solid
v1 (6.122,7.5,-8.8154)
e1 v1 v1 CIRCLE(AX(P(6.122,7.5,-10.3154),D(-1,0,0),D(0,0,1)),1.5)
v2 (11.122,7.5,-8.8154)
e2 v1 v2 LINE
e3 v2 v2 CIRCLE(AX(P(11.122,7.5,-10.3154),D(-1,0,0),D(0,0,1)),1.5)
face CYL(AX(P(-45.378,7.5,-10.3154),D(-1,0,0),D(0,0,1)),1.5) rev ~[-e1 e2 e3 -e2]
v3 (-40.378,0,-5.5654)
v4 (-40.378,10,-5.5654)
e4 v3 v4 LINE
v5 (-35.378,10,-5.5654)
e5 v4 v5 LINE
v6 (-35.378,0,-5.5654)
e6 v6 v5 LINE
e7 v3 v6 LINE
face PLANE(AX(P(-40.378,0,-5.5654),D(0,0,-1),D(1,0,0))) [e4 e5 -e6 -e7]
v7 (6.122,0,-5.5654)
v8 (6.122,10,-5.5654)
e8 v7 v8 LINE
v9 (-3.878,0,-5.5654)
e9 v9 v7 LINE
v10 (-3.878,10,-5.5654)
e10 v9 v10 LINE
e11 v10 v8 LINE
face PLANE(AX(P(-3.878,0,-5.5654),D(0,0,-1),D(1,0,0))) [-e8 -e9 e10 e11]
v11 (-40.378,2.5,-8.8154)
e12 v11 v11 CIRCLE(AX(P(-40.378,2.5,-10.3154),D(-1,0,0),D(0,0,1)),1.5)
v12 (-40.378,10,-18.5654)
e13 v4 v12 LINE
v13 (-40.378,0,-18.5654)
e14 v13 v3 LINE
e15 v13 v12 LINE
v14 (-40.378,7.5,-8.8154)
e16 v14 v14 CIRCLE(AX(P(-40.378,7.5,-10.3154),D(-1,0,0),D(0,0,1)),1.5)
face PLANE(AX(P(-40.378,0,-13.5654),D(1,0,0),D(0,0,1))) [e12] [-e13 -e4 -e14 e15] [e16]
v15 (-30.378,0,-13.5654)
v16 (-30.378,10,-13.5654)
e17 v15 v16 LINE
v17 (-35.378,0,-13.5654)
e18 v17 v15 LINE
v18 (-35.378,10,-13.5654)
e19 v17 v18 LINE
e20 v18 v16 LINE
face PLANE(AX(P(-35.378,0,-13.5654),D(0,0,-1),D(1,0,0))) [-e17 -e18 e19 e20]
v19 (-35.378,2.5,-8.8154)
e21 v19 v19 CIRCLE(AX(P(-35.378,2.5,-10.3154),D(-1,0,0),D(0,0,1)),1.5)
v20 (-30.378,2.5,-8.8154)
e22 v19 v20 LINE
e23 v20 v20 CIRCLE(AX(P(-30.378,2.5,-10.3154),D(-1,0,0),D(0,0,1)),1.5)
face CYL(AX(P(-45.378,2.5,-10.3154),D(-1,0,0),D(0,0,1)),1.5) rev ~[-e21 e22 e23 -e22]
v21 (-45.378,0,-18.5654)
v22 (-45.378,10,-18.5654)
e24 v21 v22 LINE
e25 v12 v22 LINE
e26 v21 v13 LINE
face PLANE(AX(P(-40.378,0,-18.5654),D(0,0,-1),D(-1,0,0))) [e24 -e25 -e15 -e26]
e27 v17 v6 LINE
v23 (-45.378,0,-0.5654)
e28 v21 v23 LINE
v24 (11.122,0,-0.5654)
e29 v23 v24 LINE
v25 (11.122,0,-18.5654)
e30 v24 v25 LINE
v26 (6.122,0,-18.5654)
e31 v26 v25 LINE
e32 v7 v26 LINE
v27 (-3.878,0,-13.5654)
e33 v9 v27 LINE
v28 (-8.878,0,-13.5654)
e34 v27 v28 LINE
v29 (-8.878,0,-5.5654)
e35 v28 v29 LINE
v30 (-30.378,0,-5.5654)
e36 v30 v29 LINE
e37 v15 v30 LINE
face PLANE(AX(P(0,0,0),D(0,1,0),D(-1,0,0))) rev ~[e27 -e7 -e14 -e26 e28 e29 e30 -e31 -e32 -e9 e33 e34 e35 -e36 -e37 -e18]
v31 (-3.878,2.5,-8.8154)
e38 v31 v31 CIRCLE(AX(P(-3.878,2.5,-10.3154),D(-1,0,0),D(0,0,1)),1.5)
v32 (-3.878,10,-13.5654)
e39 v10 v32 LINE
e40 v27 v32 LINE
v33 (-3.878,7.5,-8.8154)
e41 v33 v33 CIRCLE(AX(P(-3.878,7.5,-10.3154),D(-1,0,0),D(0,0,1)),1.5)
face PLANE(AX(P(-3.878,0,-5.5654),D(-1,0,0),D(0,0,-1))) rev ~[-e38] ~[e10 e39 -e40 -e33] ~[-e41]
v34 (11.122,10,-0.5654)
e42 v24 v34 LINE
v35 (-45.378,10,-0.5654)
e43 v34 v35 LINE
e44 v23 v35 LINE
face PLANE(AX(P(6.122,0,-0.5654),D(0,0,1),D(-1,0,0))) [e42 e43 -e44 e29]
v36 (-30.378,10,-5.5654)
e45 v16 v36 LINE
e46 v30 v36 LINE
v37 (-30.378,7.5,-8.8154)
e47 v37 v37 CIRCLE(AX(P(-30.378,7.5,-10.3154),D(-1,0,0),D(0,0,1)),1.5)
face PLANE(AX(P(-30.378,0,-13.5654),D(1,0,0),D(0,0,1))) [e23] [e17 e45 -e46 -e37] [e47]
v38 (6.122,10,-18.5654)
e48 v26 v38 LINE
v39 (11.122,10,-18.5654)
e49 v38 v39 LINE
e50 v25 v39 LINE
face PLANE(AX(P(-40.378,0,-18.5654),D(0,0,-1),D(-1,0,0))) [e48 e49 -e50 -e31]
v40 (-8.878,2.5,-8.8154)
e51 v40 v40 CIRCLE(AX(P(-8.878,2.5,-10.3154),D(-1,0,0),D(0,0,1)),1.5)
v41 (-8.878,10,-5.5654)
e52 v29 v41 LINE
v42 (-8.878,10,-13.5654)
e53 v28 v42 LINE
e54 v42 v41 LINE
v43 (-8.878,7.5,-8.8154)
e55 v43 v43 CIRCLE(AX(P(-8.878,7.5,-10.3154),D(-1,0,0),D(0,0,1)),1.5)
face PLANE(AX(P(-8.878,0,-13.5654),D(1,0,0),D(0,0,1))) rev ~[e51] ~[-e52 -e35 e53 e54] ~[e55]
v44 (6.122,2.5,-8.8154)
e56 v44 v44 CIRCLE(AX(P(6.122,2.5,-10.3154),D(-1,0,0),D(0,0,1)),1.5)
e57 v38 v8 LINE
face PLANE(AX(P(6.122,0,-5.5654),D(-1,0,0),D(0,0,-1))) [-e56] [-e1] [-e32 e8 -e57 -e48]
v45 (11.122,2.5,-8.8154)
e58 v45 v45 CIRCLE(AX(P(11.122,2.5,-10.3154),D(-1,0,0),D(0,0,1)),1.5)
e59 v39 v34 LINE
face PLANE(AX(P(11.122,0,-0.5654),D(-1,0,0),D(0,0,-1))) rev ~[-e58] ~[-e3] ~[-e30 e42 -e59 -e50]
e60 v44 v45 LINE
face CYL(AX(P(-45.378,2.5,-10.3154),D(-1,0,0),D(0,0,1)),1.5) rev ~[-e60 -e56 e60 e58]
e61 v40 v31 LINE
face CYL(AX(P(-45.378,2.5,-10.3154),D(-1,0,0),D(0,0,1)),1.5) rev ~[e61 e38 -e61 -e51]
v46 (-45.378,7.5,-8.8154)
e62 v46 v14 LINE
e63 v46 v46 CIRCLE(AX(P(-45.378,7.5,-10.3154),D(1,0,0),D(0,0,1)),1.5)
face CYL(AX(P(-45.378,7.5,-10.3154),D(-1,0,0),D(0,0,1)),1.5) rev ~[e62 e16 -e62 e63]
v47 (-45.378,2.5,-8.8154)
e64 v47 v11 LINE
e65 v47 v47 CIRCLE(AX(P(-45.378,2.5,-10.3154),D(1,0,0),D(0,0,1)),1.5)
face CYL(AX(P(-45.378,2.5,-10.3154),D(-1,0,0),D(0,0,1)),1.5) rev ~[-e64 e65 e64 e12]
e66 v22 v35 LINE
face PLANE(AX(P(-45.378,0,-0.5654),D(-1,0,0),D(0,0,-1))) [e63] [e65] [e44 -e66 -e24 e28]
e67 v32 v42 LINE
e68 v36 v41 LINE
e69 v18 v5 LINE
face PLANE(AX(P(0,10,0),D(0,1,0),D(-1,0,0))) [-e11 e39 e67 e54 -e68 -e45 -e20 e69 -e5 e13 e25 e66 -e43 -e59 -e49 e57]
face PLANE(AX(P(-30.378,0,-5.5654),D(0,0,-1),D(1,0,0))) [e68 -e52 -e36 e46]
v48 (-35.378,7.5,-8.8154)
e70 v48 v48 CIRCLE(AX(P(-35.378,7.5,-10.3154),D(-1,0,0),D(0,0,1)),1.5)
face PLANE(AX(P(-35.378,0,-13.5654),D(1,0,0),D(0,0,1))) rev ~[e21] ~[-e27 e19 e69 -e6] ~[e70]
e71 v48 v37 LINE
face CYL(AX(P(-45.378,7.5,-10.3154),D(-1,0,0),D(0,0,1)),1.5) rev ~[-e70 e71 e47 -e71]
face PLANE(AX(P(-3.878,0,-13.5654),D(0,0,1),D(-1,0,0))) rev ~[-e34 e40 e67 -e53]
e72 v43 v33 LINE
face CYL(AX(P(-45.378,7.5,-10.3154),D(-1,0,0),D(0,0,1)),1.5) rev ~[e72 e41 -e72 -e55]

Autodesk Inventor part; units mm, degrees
ref_plane "YZ Plane" through (0, 0, 0) normal (1, 0, 0) x (0, 1, 0)
ref_plane "XZ Plane" through (0, 0, 0) normal (0, 1, 0) x (-1, 0, 0)
ref_plane "XY Plane" through (0, 0, 0) normal (0, 0, 1) x (1, 0, 0)
sketch "Sketch1" plane through (0, 0, 0) normal (0, 1, 0) x (-1, 0, 0)
  line L0 (-6.122, -0.5654) -> (40.378, -0.5654)
  line L1 (40.378, -0.5654) -> (40.378, -5.5654)
  line L2 (40.378, -5.5654) -> (-6.122, -5.5654)
  line L3 (-6.122, -5.5654) -> (-6.122, -0.5654)
  line L4 (40.378, -0.5654) -> (45.378, -0.5654)
  line L5 (45.378, -0.5654) -> (45.378, -5.5654)
  line L6 (45.378, -5.5654) -> (40.378, -5.5654)
  line L7 (45.378, -5.5654) -> (45.378, -13.5654)
  line L8 (45.378, -13.5654) -> (40.378, -13.5654)
  line L9 (40.378, -13.5654) -> (40.378, -5.5654)
  line L10 (35.378, -13.5654) -> (35.378, -5.5654)
  line L11 (35.378, -13.5654) -> (30.378, -13.5654)
  line L12 (30.378, -13.5654) -> (30.378, -5.5654)
  line L13 (-6.122, -0.5654) -> (-11.122, -0.5654)
  line L14 (-11.122, -0.5654) -> (-11.122, -5.5654)
  line L15 (-11.122, -5.5654) -> (-6.122, -5.5654)
  line L16 (-11.122, -5.5654) -> (-11.122, -13.5654)
  line L17 (-11.122, -13.5654) -> (-6.122, -13.5654)
  line L18 (-6.122, -5.5654) -> (3.878, -5.5654)
  line L19 (3.878, -5.5654) -> (3.878, -13.5654)
  line L20 (3.878, -13.5654) -> (8.878, -13.5654)
  line L21 (8.878, -13.5654) -> (8.878, -5.5654)
  line L22 (-6.122, -5.5654) -> (-6.122, -13.5654)
  point P0 (0, 0)
  dimension "d0" = 46.5
  dimension "d1" = 5
  dimension "d2" = 5
  dimension "d3" = 8
  dimension "d4" = 5
  dimension "d5" = 5
  dimension "d6" = 5
  dimension "d7" = 8
  dimension "d8" = 10
  dimension "d9" = 5
extrude "Extrusion1" add sketch "Sketch1" along normal blind 10
sketch "Sketch2" plane through (-45.378, 0, -13.5654) normal (-1, 0, 0) x (0, 0, 1)
  line L0 (0, 10) -> (13, 10) projected
  line L1 (13, 10) -> (0, 10)
  line L2 (0, 10) -> (6.5, 10)
  line L3 (0, 0) -> (8, 0) projected
  line L4 (6.5, 0) -> (6.5, 10)
  line L5 (6.5, 5) -> (0, 5)
  line L6 (0, 5) -> (3.25, 5)
  line L7 (3.25, 0) -> (3.25, 5)
  line L8 (3.25, 10) -> (3.25, 5)
  circle A0 centre (3.25, 7.5) radius 1.5
  circle A1 centre (3.25, 2.5) radius 1.5
  point P0 (13.5654, 0)
  dimension "d12" = 3
  dimension "d13" = 3
extrude "Extrusion2" cut sketch "Sketch2" against normal blind 60 contours A0 L8 | L8 A0 | A1 L7 | L7 A1
thread "Thread1" size "M3x0.5" class "6H" standard "ANSI Metric M Profile" full length
thread "Thread2" size "M3x0.5" class "6H" standard "ANSI Metric M Profile" full length
thread "Thread3" size "M3x0.5" class "6H" standard "ANSI Metric M Profile" full length
thread "Thread4" size "M3x0.5" class "6H" standard "ANSI Metric M Profile" full length
thread "Thread5" size "M3x0.5" class "6H" standard "ANSI Metric M Profile" full length
thread "Thread6" size "M3x0.5" class "6H" standard "ANSI Metric M Profile" full length
thread "Thread7" size "M3x0.5" class "6H" standard "ANSI Metric M Profile" full length
thread "Thread8" size "M3x0.5" class "6H" standard "ANSI Metric M Profile" full length
sketch "Sketch3" plane through (-40.378, 0, -13.5654) normal (0, 0, -1) x (-1, 0, 0)
  line L0 (5, 10) -> (-51.5, 10) projected
  line L1 (5, 0) -> (5, 10) projected
  line L2 (0.1606, 10) -> (5, 10)
  line L3 (5, 10) -> (5, 0)
  line L4 (5, 0) -> (0.1606, 0)
  line L5 (0.1606, 0) -> (0.1606, 10)
  line L6 (-10, 0) -> (-10, 10) projected
  line L7 (-5, 0) -> (-5, 10) projected
  line L8 (-10, 10) -> (-5, 10)
  line L9 (-5, 10) -> (-5, 0)
  line L10 (-5, 0) -> (-10, 0)
  line L11 (-10, 0) -> (-10, 10)
  line L12 (-36.5, 0) -> (-36.5, 10) projected
  line L13 (-31.5, 0) -> (-31.5, 10) projected
  line L14 (-36.5, 10) -> (-31.5, 10)
  line L15 (-31.5, 10) -> (-31.5, 0)
  line L16 (-31.5, 0) -> (-36.5, 0)
  line L17 (-36.5, 0) -> (-36.5, 10)
  line L18 (-46.5, 0) -> (-46.5, 10) projected
  line L19 (-51.5, 0) -> (-51.5, 10) projected
  line L20 (-46.5, 0) -> (-51.5, 0)
  line L21 (-51.5, 0) -> (-51.5, 10)
  line L22 (-51.5, 10) -> (-46.5, 10)
  line L23 (-46.5, 10) -> (-46.5, 0)
  line L24 (0, 10) -> (5, 10)
  line L25 (5, 10) -> (5, 0)
  line L26 (5, 0) -> (0, 0)
  line L27 (0, 0) -> (0, 10)
  point P0 (-40.378, 0)
extrude "Extrusion3" add sketch "Sketch3" along normal blind 5 contours L1 L4 L5 L0 | L18 L20 L19 L0 | L5 L26 L27 L0
sketch "Sketch4" plane through (0, 10, 0) normal (0, 1, 0) x (1, 0, 0)
  point P0 (0, 0)
properties part number "soporte"
